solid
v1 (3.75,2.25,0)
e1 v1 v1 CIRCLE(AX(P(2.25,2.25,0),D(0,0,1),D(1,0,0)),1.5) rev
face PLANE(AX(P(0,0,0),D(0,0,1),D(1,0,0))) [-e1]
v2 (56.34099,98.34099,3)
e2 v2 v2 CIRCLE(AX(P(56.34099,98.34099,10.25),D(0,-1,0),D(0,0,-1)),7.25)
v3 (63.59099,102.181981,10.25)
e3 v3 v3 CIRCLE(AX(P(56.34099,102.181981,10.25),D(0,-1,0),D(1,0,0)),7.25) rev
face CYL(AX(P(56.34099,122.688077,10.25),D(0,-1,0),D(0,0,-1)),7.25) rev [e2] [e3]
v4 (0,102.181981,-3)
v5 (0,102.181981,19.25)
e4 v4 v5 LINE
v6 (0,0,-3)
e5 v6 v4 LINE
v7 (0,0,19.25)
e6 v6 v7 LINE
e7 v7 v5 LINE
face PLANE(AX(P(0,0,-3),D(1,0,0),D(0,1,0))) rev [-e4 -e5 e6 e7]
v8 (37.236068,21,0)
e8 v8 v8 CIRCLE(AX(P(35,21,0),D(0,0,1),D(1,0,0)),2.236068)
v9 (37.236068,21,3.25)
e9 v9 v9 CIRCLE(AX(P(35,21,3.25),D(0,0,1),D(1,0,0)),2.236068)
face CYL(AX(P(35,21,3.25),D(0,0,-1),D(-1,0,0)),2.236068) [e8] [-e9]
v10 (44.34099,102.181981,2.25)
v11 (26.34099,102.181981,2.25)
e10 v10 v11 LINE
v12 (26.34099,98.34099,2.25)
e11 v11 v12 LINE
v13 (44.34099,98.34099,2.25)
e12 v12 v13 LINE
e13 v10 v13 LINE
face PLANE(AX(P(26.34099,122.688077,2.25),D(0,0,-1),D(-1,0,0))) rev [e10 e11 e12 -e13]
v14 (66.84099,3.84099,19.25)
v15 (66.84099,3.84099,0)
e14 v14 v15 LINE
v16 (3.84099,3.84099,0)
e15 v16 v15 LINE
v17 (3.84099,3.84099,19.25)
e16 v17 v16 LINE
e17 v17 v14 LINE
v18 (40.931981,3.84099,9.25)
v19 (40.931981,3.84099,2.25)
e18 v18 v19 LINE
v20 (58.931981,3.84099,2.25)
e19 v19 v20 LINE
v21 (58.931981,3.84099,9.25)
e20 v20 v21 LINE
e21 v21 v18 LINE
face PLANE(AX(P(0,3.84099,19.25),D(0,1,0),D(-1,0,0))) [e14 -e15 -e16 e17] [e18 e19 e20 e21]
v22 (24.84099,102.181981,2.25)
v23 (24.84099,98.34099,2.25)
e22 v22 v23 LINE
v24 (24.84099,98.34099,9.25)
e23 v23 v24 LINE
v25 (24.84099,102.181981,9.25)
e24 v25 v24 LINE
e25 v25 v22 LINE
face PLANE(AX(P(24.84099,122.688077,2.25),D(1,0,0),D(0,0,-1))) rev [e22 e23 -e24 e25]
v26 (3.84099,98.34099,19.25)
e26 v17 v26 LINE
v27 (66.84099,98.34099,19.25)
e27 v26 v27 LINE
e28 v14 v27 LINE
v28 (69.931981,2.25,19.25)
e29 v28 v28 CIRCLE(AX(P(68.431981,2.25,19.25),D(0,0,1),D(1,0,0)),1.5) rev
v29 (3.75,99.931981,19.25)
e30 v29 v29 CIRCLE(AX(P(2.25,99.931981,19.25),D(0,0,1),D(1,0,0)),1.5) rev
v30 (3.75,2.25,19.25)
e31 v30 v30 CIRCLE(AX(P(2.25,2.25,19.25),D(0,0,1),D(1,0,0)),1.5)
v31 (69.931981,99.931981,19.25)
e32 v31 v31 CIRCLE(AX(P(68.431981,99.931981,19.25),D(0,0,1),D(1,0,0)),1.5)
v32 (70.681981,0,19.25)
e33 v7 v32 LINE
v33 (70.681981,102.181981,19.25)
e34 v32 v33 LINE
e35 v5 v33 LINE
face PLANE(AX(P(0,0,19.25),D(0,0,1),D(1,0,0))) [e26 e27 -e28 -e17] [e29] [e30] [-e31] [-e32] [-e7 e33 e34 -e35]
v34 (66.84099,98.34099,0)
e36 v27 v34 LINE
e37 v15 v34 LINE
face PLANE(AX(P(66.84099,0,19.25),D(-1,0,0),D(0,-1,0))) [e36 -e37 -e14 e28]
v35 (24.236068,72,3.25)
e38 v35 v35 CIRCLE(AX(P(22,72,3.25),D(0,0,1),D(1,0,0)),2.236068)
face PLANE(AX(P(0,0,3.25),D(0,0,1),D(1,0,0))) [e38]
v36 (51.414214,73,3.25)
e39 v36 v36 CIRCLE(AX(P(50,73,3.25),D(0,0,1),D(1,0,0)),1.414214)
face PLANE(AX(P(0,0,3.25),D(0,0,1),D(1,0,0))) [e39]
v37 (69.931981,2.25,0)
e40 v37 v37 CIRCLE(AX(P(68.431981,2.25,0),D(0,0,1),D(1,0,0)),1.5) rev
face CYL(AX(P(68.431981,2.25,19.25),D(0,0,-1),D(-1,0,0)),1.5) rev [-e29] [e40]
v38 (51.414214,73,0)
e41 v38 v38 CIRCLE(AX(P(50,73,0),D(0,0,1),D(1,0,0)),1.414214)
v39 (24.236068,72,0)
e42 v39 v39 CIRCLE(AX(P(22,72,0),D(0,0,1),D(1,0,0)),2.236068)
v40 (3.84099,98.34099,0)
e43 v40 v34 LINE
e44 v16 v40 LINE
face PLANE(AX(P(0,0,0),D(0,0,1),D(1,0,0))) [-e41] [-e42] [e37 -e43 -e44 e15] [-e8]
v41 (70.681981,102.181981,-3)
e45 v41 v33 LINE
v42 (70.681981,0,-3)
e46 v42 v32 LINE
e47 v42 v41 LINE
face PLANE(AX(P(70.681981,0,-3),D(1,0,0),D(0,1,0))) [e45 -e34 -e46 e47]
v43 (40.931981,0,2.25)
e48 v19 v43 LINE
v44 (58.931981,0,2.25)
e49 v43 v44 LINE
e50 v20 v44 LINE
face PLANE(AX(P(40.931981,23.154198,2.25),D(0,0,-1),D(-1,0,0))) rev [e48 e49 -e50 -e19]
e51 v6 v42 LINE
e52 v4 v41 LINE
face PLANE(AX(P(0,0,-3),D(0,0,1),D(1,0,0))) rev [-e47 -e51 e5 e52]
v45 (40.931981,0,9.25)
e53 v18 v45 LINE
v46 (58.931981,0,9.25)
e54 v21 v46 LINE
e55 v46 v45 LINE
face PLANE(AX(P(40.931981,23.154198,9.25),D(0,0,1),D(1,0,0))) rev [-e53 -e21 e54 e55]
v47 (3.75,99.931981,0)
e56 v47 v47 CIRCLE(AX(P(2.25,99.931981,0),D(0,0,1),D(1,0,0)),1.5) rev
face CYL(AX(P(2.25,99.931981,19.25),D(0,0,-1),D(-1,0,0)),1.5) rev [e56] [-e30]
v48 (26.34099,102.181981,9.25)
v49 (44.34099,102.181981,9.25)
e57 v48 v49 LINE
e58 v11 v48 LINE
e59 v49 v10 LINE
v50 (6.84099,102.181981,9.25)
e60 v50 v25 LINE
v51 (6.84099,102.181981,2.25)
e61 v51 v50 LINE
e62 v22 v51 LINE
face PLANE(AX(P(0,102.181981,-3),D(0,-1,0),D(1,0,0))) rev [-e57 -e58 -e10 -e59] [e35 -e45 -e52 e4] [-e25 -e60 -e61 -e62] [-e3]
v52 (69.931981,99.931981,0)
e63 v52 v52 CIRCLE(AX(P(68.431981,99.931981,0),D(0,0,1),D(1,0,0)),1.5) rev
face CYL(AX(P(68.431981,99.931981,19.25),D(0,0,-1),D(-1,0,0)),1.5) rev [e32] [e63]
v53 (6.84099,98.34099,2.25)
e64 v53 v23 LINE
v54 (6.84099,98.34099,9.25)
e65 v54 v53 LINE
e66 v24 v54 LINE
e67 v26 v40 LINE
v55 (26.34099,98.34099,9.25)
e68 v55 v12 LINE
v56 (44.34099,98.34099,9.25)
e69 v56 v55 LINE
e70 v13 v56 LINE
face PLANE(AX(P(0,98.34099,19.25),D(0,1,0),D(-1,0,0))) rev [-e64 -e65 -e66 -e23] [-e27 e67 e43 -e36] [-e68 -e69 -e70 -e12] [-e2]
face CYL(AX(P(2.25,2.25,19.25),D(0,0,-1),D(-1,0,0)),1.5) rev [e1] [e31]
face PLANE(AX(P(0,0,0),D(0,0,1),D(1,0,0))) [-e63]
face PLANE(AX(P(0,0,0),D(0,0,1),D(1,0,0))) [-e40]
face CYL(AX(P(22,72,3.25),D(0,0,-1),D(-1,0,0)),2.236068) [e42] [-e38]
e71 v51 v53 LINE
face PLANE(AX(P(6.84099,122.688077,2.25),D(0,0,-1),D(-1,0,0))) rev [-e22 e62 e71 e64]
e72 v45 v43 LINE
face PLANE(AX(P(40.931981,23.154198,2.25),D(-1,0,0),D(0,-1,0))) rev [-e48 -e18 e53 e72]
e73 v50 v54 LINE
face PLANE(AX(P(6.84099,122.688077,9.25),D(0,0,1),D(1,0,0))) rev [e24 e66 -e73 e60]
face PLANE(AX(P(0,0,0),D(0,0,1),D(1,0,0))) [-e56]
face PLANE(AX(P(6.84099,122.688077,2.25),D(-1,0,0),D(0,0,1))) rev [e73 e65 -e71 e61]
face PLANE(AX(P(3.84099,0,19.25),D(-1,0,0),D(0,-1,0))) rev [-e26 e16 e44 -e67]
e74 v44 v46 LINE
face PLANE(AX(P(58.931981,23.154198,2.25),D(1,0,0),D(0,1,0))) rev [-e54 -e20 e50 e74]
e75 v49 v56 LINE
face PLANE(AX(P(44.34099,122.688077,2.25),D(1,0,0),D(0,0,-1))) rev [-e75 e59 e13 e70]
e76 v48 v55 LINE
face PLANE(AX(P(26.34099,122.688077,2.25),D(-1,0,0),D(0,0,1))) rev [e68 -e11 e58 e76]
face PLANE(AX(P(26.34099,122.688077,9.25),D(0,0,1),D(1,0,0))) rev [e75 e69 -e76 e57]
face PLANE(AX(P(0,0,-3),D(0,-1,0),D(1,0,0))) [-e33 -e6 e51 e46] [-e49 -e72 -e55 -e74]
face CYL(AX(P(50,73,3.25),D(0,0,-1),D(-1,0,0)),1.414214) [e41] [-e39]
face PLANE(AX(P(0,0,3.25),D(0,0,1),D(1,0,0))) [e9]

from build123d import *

# Parameters (mm, degrees)
SKETCH1_R             = 2.236067977
BOSS_EXTRUDE1_DEPTH   = 3.25
SKETCH1_R_2           = 1.414213562
BOSS_EXTRUDE1_2_DEPTH = 3.25
BOSS_EXTRUDE1_3_DEPTH = 3.25
SKETCH1_21_W          = 70.681980515
SKETCH1_21_H          = 102.181980515
BOSS_EXTRUDE2_DEPTH   = 3
SKETCH1_23_W          = 70.681980515
SKETCH1_23_H          = 102.181980515
SKETCH1_23_R          = 1.5
SKETCH1_23_W_2        = 63
SKETCH1_23_H_2        = 94.5
BOSS_EXTRUDE4_DEPTH   = 19.25
SKETCH3_R             = 7.25
SKETCH3_W             = 18
SKETCH3_H             = 7
CUT_EXTRUDE1_DEPTH    = 3.84099
SKETCH4_W             = 18
SKETCH4_H             = 7
CUT_EXTRUDE2_DEPTH    = 3.84099


with BuildPart() as part:
    # Sketch1 → Boss-Extrude1 (new body)
    with BuildSketch(Plane.XY):
        with Locations((22, 72)):
            Circle(SKETCH1_R)
    extrude(amount=BOSS_EXTRUDE1_DEPTH)



with BuildPart() as body_2:
    # Sketch1 → Boss-Extrude1 2 (new body)
    with BuildSketch(Plane.XY):
        with Locations((50, 73)):
            Circle(SKETCH1_R_2)
    extrude(amount=BOSS_EXTRUDE1_2_DEPTH)


with BuildPart() as body_3:
    # Sketch1 → Boss-Extrude1 3 (new body)
    with BuildSketch(Plane.XY):
        with Locations((35, 21)):
            Circle(SKETCH1_R)
    extrude(amount=BOSS_EXTRUDE1_3_DEPTH)


with BuildPart() as part_1:
    add(part.part)

    add(body_2.part)  # Boss-Extrude2 merges body 2

    add(body_3.part)  # Boss-Extrude2 merges body 3
    # Sketch1<21> → Boss-Extrude2 (add)
    with BuildSketch(Plane.XY):
        with Locations((35.340990258, 51.090990258)):
            Rectangle(SKETCH1_21_W, SKETCH1_21_H)
    extrude(amount=-BOSS_EXTRUDE2_DEPTH)

    # Sketch1<23> → Boss-Extrude4 (add)
    with BuildSketch(Plane.XY):
        with Locations((35.340990258, 51.090990258)):
            Rectangle(SKETCH1_23_W, SKETCH1_23_H)
        with BuildLine():
            ThreePointArc((3.75, 2.25), (0.864180701, 1.675974851), (3.310660172, 3.310660172))
            ThreePointArc((3.310660172, 3.310660172), (3.635819299, 2.824025149), (3.75, 2.25))
        make_face(mode=Mode.SUBTRACT)
        with Locations((68.431980515, 2.25)):
            Circle(SKETCH1_23_R, mode=Mode.SUBTRACT)
        with Locations((2.25, 99.931980515)):
            Circle(SKETCH1_23_R, mode=Mode.SUBTRACT)
        with Locations((35.340990258, 51.090990258)):
            Rectangle(SKETCH1_23_W_2, SKETCH1_23_H_2, mode=Mode.SUBTRACT)
        with Locations((68.431980515, 99.931980515)):
            Circle(SKETCH1_23_R, mode=Mode.SUBTRACT)
    extrude(amount=BOSS_EXTRUDE4_DEPTH)

    # Sketch3 → Cut-Extrude1 (cut)
    with BuildSketch(Plane.XZ.offset(-98.340990258)):
        with Locations((56.340990258, 10.25)):
            Circle(SKETCH3_R)
        with Locations((15.840990258, 5.75)):
            Rectangle(SKETCH3_W, SKETCH3_H)
        with Locations((35.340990258, 5.75)):
            Rectangle(SKETCH3_W, SKETCH3_H)
    extrude(amount=-CUT_EXTRUDE1_DEPTH, mode=Mode.SUBTRACT)

    # Sketch4 → Cut-Extrude2 (cut)
    with BuildSketch(Plane.XZ):
        with Locations((49.931980515, 5.75)):
            Rectangle(SKETCH4_W, SKETCH4_H)
    extrude(amount=-CUT_EXTRUDE2_DEPTH, mode=Mode.SUBTRACT)


solid = part_1.part
